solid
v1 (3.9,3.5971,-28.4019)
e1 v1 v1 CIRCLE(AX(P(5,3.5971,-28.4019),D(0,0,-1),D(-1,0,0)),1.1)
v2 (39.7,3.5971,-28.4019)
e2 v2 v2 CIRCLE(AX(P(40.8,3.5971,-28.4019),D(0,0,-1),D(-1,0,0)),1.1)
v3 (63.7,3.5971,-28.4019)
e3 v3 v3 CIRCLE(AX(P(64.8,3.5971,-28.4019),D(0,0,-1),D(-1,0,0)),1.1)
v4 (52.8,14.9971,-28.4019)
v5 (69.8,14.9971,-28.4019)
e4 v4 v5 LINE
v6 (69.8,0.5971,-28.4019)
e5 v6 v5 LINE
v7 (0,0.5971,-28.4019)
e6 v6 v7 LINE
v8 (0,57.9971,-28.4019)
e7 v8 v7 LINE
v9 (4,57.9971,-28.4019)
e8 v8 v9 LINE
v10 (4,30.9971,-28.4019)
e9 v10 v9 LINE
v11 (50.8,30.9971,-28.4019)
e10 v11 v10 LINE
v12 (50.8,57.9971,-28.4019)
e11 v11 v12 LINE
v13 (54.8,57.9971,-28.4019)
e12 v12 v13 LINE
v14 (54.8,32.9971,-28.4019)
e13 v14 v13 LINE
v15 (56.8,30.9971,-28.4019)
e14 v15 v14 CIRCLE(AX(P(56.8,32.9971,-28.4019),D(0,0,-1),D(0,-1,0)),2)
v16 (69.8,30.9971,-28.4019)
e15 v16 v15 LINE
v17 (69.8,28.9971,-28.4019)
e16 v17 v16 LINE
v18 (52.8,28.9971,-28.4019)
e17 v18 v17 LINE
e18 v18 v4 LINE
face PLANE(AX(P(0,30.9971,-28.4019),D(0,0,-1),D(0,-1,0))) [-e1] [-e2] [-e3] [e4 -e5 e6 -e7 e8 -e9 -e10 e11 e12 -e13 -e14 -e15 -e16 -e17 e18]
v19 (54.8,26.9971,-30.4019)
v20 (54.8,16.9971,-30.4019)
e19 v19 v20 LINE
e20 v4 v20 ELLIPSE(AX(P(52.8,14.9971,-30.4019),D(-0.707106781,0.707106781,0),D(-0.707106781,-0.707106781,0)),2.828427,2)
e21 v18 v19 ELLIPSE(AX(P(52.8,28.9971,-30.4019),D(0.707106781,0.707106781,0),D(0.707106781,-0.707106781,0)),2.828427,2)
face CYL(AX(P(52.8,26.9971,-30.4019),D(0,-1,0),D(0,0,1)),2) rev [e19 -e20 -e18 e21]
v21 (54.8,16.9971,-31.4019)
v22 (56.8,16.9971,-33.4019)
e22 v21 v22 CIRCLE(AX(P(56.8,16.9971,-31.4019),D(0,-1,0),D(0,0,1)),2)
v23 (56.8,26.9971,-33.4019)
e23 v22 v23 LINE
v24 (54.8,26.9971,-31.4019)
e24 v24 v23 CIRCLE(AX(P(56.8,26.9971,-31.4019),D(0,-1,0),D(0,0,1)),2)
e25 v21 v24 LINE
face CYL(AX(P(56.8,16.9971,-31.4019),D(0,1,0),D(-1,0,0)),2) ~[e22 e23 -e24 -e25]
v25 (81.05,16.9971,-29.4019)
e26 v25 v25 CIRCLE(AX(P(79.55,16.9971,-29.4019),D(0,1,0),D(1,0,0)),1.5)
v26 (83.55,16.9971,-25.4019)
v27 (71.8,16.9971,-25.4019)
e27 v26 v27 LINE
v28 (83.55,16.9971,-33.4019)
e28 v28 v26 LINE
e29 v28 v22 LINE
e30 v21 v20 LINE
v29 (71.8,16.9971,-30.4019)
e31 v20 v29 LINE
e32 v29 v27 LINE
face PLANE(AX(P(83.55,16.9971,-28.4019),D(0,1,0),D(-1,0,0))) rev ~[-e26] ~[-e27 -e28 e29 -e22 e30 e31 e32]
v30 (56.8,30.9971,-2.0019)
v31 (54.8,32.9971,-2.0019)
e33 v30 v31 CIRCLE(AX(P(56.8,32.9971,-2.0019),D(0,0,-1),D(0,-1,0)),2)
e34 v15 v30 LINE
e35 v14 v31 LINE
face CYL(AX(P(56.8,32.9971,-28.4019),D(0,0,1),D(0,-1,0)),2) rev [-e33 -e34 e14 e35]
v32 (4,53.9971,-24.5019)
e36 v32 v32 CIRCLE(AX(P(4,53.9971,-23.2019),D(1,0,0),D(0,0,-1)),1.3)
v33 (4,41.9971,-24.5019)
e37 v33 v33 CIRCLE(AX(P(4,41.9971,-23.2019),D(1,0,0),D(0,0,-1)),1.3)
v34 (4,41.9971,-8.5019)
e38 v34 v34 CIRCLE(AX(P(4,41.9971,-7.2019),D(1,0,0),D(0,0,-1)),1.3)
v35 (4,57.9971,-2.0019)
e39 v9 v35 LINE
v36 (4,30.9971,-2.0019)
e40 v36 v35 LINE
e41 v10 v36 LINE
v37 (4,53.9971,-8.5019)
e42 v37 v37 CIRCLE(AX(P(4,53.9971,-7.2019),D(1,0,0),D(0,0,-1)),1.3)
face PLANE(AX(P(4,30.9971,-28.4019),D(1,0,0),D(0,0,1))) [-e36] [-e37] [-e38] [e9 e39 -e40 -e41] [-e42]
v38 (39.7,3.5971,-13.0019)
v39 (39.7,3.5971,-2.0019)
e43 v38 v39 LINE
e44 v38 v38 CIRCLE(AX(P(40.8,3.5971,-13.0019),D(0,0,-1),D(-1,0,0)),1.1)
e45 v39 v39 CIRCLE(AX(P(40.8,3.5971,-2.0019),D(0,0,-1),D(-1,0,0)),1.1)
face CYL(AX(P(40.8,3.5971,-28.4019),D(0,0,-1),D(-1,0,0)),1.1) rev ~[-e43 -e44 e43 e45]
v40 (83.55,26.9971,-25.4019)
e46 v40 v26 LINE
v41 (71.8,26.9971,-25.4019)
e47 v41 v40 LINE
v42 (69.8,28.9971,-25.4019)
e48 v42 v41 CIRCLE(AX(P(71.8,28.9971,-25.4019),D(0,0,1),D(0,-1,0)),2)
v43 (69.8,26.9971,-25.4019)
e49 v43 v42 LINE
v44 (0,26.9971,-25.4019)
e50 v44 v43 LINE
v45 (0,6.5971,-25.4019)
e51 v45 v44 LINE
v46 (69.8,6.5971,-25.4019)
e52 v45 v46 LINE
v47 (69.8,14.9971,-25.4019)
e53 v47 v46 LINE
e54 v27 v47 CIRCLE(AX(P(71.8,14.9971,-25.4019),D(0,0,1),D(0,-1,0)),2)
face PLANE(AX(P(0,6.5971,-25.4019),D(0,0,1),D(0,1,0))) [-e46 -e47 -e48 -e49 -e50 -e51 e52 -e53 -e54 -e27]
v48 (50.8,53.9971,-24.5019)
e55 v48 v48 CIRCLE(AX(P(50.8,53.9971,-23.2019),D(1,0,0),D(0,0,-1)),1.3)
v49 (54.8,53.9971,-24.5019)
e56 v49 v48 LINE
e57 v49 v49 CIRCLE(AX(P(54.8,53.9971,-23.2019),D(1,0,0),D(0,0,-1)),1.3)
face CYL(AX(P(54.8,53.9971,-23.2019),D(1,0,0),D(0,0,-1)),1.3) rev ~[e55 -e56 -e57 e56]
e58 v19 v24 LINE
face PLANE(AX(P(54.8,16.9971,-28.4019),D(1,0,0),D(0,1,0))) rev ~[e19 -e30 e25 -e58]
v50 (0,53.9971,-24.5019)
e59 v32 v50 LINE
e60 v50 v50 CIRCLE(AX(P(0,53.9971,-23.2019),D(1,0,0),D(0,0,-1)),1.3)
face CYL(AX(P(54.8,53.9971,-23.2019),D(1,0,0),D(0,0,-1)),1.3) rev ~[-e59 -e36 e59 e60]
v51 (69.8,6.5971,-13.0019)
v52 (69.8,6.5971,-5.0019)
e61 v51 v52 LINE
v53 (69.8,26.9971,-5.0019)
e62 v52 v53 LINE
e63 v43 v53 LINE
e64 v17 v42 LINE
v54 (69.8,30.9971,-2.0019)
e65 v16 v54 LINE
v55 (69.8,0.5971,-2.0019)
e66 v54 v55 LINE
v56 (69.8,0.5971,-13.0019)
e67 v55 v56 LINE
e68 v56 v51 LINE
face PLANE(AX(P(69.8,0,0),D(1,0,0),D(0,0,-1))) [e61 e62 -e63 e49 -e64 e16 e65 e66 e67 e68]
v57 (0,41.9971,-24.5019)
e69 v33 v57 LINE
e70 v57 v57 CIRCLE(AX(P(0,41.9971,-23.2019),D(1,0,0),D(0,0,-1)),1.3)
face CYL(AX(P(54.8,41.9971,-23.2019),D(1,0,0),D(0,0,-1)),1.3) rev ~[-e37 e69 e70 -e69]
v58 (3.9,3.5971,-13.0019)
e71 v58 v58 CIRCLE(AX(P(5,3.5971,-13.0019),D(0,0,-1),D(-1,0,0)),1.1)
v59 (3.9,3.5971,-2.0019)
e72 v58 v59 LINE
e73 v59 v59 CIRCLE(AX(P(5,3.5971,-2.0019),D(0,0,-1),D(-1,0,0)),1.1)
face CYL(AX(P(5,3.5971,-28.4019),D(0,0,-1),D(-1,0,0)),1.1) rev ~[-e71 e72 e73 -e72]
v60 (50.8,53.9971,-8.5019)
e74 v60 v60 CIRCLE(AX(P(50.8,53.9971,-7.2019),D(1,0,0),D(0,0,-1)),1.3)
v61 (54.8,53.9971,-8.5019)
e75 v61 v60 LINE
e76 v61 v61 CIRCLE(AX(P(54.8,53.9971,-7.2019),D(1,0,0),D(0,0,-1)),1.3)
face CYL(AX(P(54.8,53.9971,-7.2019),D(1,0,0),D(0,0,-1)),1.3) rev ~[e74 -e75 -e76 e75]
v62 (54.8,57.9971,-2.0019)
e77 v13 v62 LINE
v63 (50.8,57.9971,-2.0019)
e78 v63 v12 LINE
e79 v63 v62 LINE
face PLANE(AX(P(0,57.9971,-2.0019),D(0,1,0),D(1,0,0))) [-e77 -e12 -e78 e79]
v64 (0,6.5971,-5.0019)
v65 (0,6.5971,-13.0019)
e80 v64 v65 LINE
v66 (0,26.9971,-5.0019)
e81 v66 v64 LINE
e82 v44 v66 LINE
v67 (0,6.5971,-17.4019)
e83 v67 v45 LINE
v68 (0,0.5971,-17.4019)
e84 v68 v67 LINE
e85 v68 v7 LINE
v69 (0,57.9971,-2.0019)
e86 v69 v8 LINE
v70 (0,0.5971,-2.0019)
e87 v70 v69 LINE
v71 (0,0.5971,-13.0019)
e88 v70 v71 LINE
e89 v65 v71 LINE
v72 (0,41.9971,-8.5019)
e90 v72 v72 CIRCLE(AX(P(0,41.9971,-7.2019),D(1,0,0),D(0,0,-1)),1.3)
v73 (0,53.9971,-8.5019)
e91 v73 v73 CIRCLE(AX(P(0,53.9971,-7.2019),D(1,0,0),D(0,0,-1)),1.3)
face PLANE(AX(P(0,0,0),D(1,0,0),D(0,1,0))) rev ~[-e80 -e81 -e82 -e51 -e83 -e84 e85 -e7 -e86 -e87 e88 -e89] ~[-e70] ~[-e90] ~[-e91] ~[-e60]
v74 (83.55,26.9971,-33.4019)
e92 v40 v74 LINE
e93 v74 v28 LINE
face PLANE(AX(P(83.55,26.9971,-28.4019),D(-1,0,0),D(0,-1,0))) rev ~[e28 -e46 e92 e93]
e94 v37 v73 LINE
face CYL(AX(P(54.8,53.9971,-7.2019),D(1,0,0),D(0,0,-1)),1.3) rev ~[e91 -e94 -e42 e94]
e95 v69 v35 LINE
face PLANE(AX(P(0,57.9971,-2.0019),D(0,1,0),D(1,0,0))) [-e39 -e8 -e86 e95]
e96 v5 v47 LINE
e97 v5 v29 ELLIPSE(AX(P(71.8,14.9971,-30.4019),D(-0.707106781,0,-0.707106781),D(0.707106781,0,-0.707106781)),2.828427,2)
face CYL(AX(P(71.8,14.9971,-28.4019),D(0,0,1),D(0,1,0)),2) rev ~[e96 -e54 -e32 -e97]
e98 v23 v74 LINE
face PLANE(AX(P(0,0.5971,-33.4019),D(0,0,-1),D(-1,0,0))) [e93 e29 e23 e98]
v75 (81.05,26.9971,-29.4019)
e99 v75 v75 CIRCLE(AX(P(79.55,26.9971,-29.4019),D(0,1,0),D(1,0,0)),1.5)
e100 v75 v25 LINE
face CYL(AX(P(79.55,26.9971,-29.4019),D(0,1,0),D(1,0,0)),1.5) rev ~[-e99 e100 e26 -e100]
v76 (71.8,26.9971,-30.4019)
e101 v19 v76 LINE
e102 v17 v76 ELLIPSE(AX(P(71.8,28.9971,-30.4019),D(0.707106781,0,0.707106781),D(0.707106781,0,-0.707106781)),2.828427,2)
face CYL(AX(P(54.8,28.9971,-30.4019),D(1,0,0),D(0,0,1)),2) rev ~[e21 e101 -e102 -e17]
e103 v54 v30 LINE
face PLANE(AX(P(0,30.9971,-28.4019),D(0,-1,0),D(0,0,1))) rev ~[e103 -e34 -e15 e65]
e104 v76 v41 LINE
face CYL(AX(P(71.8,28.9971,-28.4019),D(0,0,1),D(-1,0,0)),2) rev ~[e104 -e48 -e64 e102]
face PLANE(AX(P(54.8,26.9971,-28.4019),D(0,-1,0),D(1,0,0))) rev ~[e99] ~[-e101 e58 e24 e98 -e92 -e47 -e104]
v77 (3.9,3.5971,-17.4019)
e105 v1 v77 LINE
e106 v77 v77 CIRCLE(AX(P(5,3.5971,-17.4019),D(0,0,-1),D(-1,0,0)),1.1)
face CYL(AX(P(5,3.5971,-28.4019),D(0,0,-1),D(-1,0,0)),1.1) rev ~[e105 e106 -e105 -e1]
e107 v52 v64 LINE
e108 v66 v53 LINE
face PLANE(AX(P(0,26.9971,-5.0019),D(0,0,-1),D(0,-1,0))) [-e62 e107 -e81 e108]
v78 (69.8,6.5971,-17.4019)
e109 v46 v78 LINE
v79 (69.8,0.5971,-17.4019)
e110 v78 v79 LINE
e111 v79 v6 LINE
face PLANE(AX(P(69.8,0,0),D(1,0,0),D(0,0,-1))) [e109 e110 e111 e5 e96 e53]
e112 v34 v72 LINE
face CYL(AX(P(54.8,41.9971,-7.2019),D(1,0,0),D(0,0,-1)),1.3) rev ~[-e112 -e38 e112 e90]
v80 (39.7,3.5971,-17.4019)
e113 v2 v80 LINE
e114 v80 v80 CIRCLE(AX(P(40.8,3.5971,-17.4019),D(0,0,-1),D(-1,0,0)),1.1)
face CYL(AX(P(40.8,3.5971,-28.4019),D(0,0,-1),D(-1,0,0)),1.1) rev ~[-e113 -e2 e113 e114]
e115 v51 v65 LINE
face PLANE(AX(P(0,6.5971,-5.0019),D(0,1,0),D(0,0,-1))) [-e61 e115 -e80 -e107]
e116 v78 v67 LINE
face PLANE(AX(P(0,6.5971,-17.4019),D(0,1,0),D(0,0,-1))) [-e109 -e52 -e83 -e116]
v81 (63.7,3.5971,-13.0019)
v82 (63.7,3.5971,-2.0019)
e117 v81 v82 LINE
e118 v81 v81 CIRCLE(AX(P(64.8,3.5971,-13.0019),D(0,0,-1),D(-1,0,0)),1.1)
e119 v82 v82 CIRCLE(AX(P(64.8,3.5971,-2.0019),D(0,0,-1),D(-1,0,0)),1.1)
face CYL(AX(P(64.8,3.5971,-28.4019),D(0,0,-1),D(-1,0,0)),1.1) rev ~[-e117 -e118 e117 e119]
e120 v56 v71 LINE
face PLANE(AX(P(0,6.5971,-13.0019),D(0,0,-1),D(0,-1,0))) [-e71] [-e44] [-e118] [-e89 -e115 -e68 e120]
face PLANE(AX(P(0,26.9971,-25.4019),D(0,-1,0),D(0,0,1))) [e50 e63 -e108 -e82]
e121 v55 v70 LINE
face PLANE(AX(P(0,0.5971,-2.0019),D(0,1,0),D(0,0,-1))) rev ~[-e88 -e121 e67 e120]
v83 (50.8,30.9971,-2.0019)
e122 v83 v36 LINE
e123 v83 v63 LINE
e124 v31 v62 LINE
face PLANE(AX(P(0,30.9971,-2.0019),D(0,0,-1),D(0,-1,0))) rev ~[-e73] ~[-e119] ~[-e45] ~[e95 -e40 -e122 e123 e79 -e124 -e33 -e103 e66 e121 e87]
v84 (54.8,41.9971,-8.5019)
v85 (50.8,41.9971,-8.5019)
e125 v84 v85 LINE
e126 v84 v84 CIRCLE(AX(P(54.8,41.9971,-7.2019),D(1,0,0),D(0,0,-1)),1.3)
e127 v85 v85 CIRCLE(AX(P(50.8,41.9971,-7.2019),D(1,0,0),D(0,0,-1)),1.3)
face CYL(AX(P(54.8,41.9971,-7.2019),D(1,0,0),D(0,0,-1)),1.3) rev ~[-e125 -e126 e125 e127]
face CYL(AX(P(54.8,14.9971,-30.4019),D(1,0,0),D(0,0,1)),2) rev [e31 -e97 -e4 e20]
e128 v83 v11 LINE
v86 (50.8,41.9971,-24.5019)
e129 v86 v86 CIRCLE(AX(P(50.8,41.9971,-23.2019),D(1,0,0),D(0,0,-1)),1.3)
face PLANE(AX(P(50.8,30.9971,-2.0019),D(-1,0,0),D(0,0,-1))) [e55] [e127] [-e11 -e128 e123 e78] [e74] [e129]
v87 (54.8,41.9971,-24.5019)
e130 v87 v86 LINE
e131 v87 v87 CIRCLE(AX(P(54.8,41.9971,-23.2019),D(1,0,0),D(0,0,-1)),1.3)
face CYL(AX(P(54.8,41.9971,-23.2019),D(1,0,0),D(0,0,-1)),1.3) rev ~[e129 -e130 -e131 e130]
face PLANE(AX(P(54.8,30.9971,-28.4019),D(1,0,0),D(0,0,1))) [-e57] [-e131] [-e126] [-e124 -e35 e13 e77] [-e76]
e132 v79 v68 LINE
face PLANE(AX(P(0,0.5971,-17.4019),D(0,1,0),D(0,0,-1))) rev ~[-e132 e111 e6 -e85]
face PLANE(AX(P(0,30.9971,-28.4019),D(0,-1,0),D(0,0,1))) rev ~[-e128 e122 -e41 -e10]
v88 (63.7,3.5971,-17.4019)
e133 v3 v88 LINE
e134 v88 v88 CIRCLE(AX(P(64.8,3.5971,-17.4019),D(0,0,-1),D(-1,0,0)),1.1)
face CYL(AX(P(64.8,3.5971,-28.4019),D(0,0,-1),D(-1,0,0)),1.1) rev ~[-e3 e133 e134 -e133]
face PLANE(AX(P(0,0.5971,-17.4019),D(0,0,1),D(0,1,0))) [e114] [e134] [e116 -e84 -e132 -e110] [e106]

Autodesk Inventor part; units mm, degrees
ref_plane "YZ Plane" through (0, 0, 0) normal (1, 0, 0) x (0, 1, 0)
ref_plane "XZ Plane" through (0, 0, 0) normal (0, 1, 0) x (-1, 0, 0)
ref_plane "XY Plane" through (0, 0, 0) normal (0, 0, 1) x (1, 0, 0)
sketch "Sketch2" plane through (0, 0, 0) normal (1, 0, 0) x (0, 1, 0)
  line L0 (26.9971, -5.0019) -> (6.5971, -5.0019)
  line L1 (6.5971, -5.0019) -> (6.5971, -25.4019)
  line L2 (6.5971, -25.4019) -> (26.9971, -25.4019)
  line L3 (26.9971, -25.4019) -> (26.9971, -5.0019)
  line L4 (30.9971, -2.0019) -> (0.5971, -2.0019)
  line L5 (30.9971, -28.4019) -> (30.9971, -2.0019)
  line L6 (0.5971, -2.0019) -> (0.5971, -28.4019)
  line L7 (30.9971, -28.4019) -> (0.5971, -28.4019)
  line L8 (6.5971, -13.0019) -> (0.5971, -13.0019)
  line L9 (0.5971, -13.0019) -> (0.5971, -17.4019)
  line L10 (0.5971, -17.4019) -> (6.5971, -17.4019)
  line L11 (6.5971, -17.4019) -> (6.5971, -13.0019)
  point P0 (0, 0)
  point P1 (0.5971, -13.0019)
  dimension "d5" = 20.4
  dimension "d6" = 20.4
  dimension "d8" = 6
  dimension "d22" = 4
  dimension "d23" = 3
  dimension "d24" = 3
  dimension "d27" = 8
  dimension "d28" = 8
extrude "Extrusion1" add sketch "Sketch2" along normal blind 54.8 contours L0 L1 L8 L6 L4 L5 L7 L10 L2 L3
sketch "Sketch4" plane through (0, 0.5971, -28.4019) normal (0, 0, -1) x (-1, 0, 0)
  line L0 (0, 6) -> (0, 26.4) projected
  line L1 (0, 26.4) -> (-54.8, 26.4) projected
  line L2 (-54.8, 6) -> (-54.8, 26.4) projected
  line L3 (0, 6) -> (-54.8, 6) projected
  line L4 (0, 26.4) -> (-54.8, 26.4) projected
  line L5 (-54.8, 26.4) -> (-83.55, 26.4)
  line L6 (-83.55, 26.4) -> (-83.55, 16.4)
  line L7 (-83.55, 16.4) -> (-54.8, 16.4)
  line L8 (-54.8, 16.4) -> (-54.8, 26.4)
  line L9 (-43.55, 26.4) -> (-43.55, 16.4) construction
  point P0 (0, -0.5971)
  dimension "d29" = 10
  dimension "d30" = 11.25
  dimension "d31" = 40
  dimension "d32" = 0
extrude "Extrusion3" add sketch "Sketch4" along normal blind 5 and the other way blind 3 contours L2 L7 L6 L5
sketch "Sketch10" plane through (54.8, 26.9971, -33.4019) normal (0, 1, 0) x (1, 0, 0)
  line L0 (28.75, -8) -> (0, -8) projected
  line L1 (28.75, -8) -> (28.75, 0) projected
  line L2 (0, 0) -> (28.75, 0) projected
  line L3 (0, 0) -> (0, -5) projected
  circle A0 centre (24.75, -4) radius 1.5
  line L4 (0, -8) -> (0, -5) projected
  point P0 (-54.8, -33.4019)
  dimension "d55" = 3
  dimension "d56" = 4
  dimension "d57" = 4
extrude "Extrusion8" cut sketch "Sketch10" against normal blind 10 contours A0
sketch "Sketch11" plane through (54.8, 0, 0) normal (1, 0, 0) x (0, 0, -1)
  line L0 (25.4019, 26.9971) -> (28.4019, 26.9971) projected
  line L1 (28.4019, 26.9971) -> (28.4019, 30.9971) projected
  line L2 (28.4019, 30.9971) -> (2.0019, 30.9971) projected
  line L3 (2.0019, 30.9971) -> (2.0019, 0.5971) projected
  line L4 (2.0019, 0.5971) -> (13.0019, 0.5971) projected
  line L5 (13.0019, 0.5971) -> (13.0019, 6.5971) projected
  line L6 (13.0019, 6.5971) -> (5.0019, 6.5971) projected
  line L7 (5.0019, 6.5971) -> (5.0019, 26.9971) projected
  line L8 (5.0019, 26.9971) -> (25.4019, 26.9971) projected
  line L9 (28.4019, 16.9971) -> (25.4019, 16.9971) projected
  line L10 (25.4019, 16.9971) -> (25.4019, 6.5971) projected
  line L11 (25.4019, 6.5971) -> (17.4019, 6.5971) projected
  line L12 (17.4019, 6.5971) -> (17.4019, 0.5971) projected
  line L13 (17.4019, 0.5971) -> (28.4019, 0.5971) projected
  line L14 (28.4019, 0.5971) -> (28.4019, 16.9971) projected
  point P0 (0, 0)
extrude "Extrusion9" add sketch "Sketch11" along normal blind 15
fillet "Fillet3" radius 2 6 edges at (62.3, 26.9971, -28.4019) (54.8, 21.9971, -28.4019) (62.3, 16.9971, -28.4019) (69.8, 26.9971, -26.9019) (69.8, 16.9971, -26.9019) (54.8, 21.9971, -33.4019)
sketch "Sketch12" plane through (0, 0.5971, -28.4019) normal (0, 0, -1) x (-1, 0, 0)
  line L0 (0, 0) -> (0, 6) projected
  line L1 (0, 6) -> (-69.8, 6) projected
  line L2 (-69.8, 0) -> (-69.8, 6) projected
  line L3 (0, 0) -> (-69.8, 0) projected
  circle A0 centre (-64.8, 3) radius 1.1
  circle A1 centre (-40.8, 3) radius 1.1
  circle A2 centre (-5, 3) radius 1.1
  point P0 (0, -0.5971)
  dimension "d64" = 2.2
  dimension "d65" = 5
  dimension "d66" = 3
  dimension "d67" = 2.2
  dimension "d68" = 2.2
  dimension "d69" = 5
  dimension "d70" = 3
  dimension "d71" = 29
  dimension "d72" = 3
extrude "Extrusion10" cut sketch "Sketch12" against normal blind 100 contours A0 | A1 | A2
sketch "Sketch13" plane through (0, 30.9971, -2.0019) normal (0, 1, 0) x (1, 0, 0)
  line L0 (0, 0) -> (69.8, 0) projected
  line L1 (0, 26.4) -> (69.8, 26.4) projected
  line L2 (54.8, 0) -> (50.8, 0)
  line L3 (50.8, 0) -> (50.8, 26.4)
  line L4 (50.8, 26.4) -> (54.8, 26.4)
  line L5 (54.8, 26.4) -> (54.8, 0)
  line L6 (4, 0) -> (0, 0)
  line L7 (0, 0) -> (0, 26.4)
  line L8 (0, 26.4) -> (4, 26.4)
  line L9 (4, 26.4) -> (4, 0)
  line L10 (0, 26.4) -> (0, 0) projected
  point P0 (0, -2.0019)
  point P1 (4, 0)
  point P2 (50.8, 0)
  dimension "d75" = 4
  dimension "d76" = 4
  dimension "d77" = 46.8
extrude "Extrusion11" add sketch "Sketch13" along normal blind 27 contours L7 L1 L9 L0 | L3 L1 L5 L0
sketch "Sketch14" plane through (54.8, 30.9971, -2.0019) normal (1, 0, 0) x (0, 0, -1)
  circle A0 centre (5.2, 11) radius 1.3
  line L0 (26.4, 0) -> (0, 0) projected
  circle A1 centre (5.2, 23) radius 1.3
  line L1 (0, 0) -> (0, 27) projected
  circle A2 centre (21.2, 23) radius 1.3
  circle A3 centre (21.2, 11) radius 1.3
  line L2 (26.4, 0) -> (26.4, 27) projected
  point P0 (-2.0019, -30.9971)
  dimension "d80" = 2.6
  dimension "d81" = 11
  dimension "d82" = 2.6
  dimension "d83" = 23
  dimension "d86" = 2.6
  dimension "d87" = 2.6
  dimension "d88" = 11
  dimension "d89" = 23
  dimension "d95" = 16
  dimension "d96" = 16
  dimension "d97" = 5.2
  dimension "d98" = 5.2
extrude "Extrusion12" cut sketch "Sketch14" against normal blind 100
fillet "Fillet4" radius 2 1 edges at (54.8, 30.9971, -15.2019)
equation "\"d98\" = d97"
properties part number "Motor_mount"
